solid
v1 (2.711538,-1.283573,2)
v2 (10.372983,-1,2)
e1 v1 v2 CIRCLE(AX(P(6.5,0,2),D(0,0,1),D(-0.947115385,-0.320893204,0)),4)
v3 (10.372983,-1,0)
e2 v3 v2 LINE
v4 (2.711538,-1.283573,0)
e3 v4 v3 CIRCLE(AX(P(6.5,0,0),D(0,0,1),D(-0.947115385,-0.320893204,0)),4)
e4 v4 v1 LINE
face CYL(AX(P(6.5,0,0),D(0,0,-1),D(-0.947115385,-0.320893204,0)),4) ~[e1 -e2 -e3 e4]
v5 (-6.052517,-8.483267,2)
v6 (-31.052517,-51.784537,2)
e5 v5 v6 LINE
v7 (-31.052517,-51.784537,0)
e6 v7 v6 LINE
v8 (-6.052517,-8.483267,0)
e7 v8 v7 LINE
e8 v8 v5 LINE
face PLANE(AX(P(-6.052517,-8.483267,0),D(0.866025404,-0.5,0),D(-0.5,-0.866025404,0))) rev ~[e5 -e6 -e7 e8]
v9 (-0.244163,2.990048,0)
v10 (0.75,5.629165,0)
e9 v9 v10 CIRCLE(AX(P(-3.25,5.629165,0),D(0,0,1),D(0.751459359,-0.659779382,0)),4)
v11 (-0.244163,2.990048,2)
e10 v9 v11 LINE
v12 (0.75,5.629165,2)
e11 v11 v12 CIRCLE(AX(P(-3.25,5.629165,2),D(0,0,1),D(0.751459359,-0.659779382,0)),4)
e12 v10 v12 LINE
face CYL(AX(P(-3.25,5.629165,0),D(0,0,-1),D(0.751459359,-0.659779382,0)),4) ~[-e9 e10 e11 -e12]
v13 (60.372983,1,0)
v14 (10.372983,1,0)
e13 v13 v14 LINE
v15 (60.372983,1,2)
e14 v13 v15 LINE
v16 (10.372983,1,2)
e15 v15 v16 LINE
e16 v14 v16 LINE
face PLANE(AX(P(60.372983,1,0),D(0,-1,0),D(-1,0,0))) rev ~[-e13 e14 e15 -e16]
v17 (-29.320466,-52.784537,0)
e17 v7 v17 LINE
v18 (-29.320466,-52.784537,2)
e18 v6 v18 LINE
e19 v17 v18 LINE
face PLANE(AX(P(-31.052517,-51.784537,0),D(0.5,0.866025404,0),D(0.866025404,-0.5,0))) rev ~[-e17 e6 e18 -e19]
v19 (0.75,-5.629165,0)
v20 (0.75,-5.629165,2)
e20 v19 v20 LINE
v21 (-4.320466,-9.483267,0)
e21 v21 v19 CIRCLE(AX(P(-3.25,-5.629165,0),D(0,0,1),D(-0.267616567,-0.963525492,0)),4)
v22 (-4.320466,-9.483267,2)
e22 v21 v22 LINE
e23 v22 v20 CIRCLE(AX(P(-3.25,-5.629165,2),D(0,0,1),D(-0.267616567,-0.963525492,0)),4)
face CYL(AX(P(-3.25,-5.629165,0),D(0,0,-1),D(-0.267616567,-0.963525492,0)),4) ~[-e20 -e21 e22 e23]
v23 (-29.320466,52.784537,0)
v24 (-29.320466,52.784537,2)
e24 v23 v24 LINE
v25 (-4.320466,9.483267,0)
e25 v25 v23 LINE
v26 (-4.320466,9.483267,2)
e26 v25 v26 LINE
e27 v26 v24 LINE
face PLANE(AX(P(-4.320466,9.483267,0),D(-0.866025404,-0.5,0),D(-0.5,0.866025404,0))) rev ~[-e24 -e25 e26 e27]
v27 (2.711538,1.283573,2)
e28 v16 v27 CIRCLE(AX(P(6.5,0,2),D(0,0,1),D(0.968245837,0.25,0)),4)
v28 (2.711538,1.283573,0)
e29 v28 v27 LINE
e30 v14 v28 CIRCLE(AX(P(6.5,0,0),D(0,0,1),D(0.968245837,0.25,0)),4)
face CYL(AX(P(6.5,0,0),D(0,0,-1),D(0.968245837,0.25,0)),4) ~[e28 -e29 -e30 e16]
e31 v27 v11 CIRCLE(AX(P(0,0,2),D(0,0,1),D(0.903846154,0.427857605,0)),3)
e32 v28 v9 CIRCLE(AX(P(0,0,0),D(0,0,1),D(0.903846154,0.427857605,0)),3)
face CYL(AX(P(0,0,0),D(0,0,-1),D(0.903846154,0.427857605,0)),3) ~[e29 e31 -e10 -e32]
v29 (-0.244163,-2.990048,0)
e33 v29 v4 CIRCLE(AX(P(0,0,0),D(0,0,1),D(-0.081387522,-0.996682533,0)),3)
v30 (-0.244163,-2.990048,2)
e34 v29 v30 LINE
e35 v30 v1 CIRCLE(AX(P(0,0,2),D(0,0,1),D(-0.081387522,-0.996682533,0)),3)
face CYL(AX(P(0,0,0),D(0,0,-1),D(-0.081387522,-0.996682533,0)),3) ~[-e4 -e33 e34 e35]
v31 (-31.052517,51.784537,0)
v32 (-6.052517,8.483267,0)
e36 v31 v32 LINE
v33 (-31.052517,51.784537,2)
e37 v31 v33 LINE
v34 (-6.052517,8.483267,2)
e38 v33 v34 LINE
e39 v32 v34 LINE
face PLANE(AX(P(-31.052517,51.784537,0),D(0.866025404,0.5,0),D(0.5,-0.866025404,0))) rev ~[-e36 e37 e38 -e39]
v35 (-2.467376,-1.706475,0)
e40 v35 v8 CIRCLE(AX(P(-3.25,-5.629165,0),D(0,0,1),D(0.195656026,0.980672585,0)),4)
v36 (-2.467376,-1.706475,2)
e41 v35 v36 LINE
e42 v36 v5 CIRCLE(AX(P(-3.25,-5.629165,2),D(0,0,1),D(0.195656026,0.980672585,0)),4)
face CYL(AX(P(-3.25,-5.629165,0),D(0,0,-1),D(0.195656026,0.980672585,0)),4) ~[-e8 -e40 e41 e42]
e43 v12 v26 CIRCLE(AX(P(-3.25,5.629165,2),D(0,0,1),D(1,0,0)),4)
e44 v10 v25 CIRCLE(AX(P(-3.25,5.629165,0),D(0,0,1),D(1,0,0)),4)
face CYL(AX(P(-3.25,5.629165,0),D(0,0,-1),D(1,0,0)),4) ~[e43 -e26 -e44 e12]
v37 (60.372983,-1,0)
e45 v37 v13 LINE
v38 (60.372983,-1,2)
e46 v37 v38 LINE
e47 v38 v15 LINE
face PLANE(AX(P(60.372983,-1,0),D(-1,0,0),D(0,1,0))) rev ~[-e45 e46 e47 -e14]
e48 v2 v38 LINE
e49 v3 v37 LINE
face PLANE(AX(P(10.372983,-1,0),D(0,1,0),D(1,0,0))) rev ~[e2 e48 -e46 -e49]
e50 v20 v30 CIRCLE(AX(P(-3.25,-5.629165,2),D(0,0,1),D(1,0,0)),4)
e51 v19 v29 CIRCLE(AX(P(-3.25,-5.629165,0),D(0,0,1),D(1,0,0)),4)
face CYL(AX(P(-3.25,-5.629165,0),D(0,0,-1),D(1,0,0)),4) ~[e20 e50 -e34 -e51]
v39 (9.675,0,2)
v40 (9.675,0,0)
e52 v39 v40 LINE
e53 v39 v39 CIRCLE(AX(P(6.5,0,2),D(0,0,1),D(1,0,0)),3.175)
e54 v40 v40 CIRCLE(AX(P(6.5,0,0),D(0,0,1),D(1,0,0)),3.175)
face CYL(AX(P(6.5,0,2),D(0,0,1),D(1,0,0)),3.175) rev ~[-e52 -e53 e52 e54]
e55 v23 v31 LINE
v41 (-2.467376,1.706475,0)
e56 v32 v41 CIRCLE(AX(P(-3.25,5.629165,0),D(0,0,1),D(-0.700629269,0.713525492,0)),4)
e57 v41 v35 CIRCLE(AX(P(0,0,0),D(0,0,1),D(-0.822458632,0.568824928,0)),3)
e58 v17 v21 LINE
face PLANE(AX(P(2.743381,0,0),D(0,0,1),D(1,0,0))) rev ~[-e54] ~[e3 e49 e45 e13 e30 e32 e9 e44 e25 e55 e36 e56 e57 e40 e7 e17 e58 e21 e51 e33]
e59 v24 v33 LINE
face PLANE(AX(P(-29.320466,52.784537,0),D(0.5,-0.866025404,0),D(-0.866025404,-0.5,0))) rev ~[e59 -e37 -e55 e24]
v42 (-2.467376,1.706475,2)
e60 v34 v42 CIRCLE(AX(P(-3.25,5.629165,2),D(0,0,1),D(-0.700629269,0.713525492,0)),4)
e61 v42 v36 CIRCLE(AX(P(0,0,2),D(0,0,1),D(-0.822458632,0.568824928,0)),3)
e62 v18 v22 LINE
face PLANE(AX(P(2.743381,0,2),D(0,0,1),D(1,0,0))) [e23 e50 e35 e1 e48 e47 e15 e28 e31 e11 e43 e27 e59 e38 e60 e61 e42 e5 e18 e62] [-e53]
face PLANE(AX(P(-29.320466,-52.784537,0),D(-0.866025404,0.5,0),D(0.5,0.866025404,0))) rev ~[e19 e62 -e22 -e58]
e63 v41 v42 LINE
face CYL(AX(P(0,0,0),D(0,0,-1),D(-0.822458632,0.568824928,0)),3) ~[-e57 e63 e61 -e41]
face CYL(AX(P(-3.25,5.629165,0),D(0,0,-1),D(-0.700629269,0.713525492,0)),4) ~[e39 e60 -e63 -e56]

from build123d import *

# Parameters (mm, degrees)
F1_DEPTH = 2
F2_R     = 3.175
F3_DEPTH = 25


with BuildPart() as f1:
    # F0 (on Top) → F1 (new body)
    with BuildSketch(Plane.XY):
        with BuildLine():
            ThreePointArc((2.7115384615, -1.2835728151), (2.9269963601, -0.6577935145), (3, 0))
            ThreePointArc((3, 0), (2.9269963601, 0.6577935145), (2.7115384615, 1.2835728151))
            ThreePointArc((2.7115384615, 1.2835728151), (2.5, 0), (2.7115384615, -1.2835728151))
        make_face()
        with BuildLine():
            ThreePointArc((2.7115384615, -1.2835728151), (2.5, 0), (2.7115384615, 1.2835728151))
            ThreePointArc((2.7115384615, 1.2835728151), (1.5, 2.5980762114), (-0.2441625653, 2.9900475986))
            ThreePointArc((-0.2441625653, 2.9900475986), (-1.25, 2.1650635095), (-2.4673758962, 1.7064747835))
            ThreePointArc((-2.4673758962, 1.7064747835), (-3, 0), (-2.4673758962, -1.7064747835))
            ThreePointArc((-2.4673758962, -1.7064747835), (-1.25, -2.1650635095), (-0.2441625653, -2.9900475986))
            ThreePointArc((-0.2441625653, -2.9900475986), (1.5, -2.5980762114), (2.7115384615, -1.2835728151))
        make_face()
        with BuildLine():
            ThreePointArc((-2.4673758962, 1.7064747835), (-1.5, 2.5980762114), (-0.2441625653, 2.9900475986))
            ThreePointArc((-0.2441625653, 2.9900475986), (0.4932171817, 4.2190852933), (0.75, 5.6291651246))
            ThreePointArc((0.75, 5.6291651246), (-0.8294489344, 8.8136482127), (-4.3204662693, 9.4832670908))
            Line((-4.3204662693, 9.4832670908), (-6.0525170769, 8.4832670908))
            ThreePointArc((-6.0525170769, 8.4832670908), (-6.7857064923, 3.7586626253), (-2.4673758962, 1.7064747835))
        make_face()
        with BuildLine():
            ThreePointArc((-2.4673758962, 1.7064747835), (-1.25, 2.1650635095), (-0.2441625653, 2.9900475986))
            ThreePointArc((-0.2441625653, 2.9900475986), (-1.5, 2.5980762114), (-2.4673758962, 1.7064747835))
        make_face()
        with BuildLine():
            ThreePointArc((-2.4673758962, -1.7064747835), (-1.5, -2.5980762114), (-0.2441625653, -2.9900475986))
            ThreePointArc((-0.2441625653, -2.9900475986), (-1.25, -2.1650635095), (-2.4673758962, -1.7064747835))
        make_face()
        with BuildLine():
            ThreePointArc((0.75, -5.6291651246), (0.4932171817, -4.2190852933), (-0.2441625653, -2.9900475986))
            ThreePointArc((-0.2441625653, -2.9900475986), (-1.5, -2.5980762114), (-2.4673758962, -1.7064747835))
            ThreePointArc((-2.4673758962, -1.7064747835), (-6.7857064923, -3.7586626253), (-6.0525170769, -8.4832670908))
            Line((-6.0525170769, -8.4832670908), (-4.3204662693, -9.4832670908))
            ThreePointArc((-4.3204662693, -9.4832670908), (-0.8294489344, -8.8136482127), (0.75, -5.6291651246))
        make_face()
        with BuildLine():
            ThreePointArc((2.7115384615, 1.2835728151), (2.9269963601, 0.6577935145), (3, 0))
            ThreePointArc((3, 0), (2.9269963601, -0.6577935145), (2.7115384615, -1.2835728151))
            ThreePointArc((2.7115384615, -1.2835728151), (6.6479505639, -3.9972628924), (10.3729833462, -1))
            Line((10.3729833462, -1), (10.3729833462, 1))
            ThreePointArc((10.3729833462, 1), (6.6479505639, 3.9972628924), (2.7115384615, 1.2835728151))
        make_face()
        with BuildLine():
            Line((60.3729833462, 1), (10.3729833462, 1))
            ThreePointArc((10.3729833462, 1), (10.4681187851, 0.5040171699), (10.5, 0))
            ThreePointArc((10.5, 0), (10.4681187851, -0.5040171699), (10.3729833462, -1))
            Line((10.3729833462, -1), (60.3729833462, -1))
            Line((60.3729833462, -1), (60.3729833462, 1))
        make_face()
        with BuildLine():
            ThreePointArc((10.5, 0), (10.4681187851, 0.5040171699), (10.3729833462, 1))
            Line((10.3729833462, 1), (10.3729833462, -1))
            ThreePointArc((10.3729833462, -1), (10.4681187851, -0.5040171699), (10.5, 0))
        make_face()
        with BuildLine():
            Line((-4.3204662693, -9.4832670908), (-6.0525170769, -8.4832670908))
            ThreePointArc((-6.0525170769, -8.4832670908), (-5.25, -9.0932667397), (-4.3204662693, -9.4832670908))
        make_face()
        with BuildLine():
            ThreePointArc((-4.3204662693, -9.4832670908), (-5.25, -9.0932667397), (-6.0525170769, -8.4832670908))
            Line((-6.0525170769, -8.4832670908), (-31.0525170769, -51.7845372801))
            Line((-31.0525170769, -51.7845372801), (-29.3204662693, -52.7845372801))
            Line((-29.3204662693, -52.7845372801), (-4.3204662693, -9.4832670908))
        make_face()
        with BuildLine():
            ThreePointArc((-4.3204662693, 9.4832670908), (-5.25, 9.0932667397), (-6.0525170769, 8.4832670908))
            Line((-6.0525170769, 8.4832670908), (-4.3204662693, 9.4832670908))
        make_face()
        with BuildLine():
            Line((-31.0525170769, 51.7845372801), (-6.0525170769, 8.4832670908))
            ThreePointArc((-6.0525170769, 8.4832670908), (-5.25, 9.0932667397), (-4.3204662693, 9.4832670908))
            Line((-4.3204662693, 9.4832670908), (-29.3204662693, 52.7845372801))
            Line((-29.3204662693, 52.7845372801), (-31.0525170769, 51.7845372801))
        make_face()
    extrude(amount=F1_DEPTH)

    # F2 (on face) → F3 (cut)
    with BuildSketch(Plane.XY.offset(2)):
        with Locations((6.5, 0)):
            Circle(F2_R)
    extrude(amount=-F3_DEPTH, mode=Mode.SUBTRACT)


solid = f1.part
